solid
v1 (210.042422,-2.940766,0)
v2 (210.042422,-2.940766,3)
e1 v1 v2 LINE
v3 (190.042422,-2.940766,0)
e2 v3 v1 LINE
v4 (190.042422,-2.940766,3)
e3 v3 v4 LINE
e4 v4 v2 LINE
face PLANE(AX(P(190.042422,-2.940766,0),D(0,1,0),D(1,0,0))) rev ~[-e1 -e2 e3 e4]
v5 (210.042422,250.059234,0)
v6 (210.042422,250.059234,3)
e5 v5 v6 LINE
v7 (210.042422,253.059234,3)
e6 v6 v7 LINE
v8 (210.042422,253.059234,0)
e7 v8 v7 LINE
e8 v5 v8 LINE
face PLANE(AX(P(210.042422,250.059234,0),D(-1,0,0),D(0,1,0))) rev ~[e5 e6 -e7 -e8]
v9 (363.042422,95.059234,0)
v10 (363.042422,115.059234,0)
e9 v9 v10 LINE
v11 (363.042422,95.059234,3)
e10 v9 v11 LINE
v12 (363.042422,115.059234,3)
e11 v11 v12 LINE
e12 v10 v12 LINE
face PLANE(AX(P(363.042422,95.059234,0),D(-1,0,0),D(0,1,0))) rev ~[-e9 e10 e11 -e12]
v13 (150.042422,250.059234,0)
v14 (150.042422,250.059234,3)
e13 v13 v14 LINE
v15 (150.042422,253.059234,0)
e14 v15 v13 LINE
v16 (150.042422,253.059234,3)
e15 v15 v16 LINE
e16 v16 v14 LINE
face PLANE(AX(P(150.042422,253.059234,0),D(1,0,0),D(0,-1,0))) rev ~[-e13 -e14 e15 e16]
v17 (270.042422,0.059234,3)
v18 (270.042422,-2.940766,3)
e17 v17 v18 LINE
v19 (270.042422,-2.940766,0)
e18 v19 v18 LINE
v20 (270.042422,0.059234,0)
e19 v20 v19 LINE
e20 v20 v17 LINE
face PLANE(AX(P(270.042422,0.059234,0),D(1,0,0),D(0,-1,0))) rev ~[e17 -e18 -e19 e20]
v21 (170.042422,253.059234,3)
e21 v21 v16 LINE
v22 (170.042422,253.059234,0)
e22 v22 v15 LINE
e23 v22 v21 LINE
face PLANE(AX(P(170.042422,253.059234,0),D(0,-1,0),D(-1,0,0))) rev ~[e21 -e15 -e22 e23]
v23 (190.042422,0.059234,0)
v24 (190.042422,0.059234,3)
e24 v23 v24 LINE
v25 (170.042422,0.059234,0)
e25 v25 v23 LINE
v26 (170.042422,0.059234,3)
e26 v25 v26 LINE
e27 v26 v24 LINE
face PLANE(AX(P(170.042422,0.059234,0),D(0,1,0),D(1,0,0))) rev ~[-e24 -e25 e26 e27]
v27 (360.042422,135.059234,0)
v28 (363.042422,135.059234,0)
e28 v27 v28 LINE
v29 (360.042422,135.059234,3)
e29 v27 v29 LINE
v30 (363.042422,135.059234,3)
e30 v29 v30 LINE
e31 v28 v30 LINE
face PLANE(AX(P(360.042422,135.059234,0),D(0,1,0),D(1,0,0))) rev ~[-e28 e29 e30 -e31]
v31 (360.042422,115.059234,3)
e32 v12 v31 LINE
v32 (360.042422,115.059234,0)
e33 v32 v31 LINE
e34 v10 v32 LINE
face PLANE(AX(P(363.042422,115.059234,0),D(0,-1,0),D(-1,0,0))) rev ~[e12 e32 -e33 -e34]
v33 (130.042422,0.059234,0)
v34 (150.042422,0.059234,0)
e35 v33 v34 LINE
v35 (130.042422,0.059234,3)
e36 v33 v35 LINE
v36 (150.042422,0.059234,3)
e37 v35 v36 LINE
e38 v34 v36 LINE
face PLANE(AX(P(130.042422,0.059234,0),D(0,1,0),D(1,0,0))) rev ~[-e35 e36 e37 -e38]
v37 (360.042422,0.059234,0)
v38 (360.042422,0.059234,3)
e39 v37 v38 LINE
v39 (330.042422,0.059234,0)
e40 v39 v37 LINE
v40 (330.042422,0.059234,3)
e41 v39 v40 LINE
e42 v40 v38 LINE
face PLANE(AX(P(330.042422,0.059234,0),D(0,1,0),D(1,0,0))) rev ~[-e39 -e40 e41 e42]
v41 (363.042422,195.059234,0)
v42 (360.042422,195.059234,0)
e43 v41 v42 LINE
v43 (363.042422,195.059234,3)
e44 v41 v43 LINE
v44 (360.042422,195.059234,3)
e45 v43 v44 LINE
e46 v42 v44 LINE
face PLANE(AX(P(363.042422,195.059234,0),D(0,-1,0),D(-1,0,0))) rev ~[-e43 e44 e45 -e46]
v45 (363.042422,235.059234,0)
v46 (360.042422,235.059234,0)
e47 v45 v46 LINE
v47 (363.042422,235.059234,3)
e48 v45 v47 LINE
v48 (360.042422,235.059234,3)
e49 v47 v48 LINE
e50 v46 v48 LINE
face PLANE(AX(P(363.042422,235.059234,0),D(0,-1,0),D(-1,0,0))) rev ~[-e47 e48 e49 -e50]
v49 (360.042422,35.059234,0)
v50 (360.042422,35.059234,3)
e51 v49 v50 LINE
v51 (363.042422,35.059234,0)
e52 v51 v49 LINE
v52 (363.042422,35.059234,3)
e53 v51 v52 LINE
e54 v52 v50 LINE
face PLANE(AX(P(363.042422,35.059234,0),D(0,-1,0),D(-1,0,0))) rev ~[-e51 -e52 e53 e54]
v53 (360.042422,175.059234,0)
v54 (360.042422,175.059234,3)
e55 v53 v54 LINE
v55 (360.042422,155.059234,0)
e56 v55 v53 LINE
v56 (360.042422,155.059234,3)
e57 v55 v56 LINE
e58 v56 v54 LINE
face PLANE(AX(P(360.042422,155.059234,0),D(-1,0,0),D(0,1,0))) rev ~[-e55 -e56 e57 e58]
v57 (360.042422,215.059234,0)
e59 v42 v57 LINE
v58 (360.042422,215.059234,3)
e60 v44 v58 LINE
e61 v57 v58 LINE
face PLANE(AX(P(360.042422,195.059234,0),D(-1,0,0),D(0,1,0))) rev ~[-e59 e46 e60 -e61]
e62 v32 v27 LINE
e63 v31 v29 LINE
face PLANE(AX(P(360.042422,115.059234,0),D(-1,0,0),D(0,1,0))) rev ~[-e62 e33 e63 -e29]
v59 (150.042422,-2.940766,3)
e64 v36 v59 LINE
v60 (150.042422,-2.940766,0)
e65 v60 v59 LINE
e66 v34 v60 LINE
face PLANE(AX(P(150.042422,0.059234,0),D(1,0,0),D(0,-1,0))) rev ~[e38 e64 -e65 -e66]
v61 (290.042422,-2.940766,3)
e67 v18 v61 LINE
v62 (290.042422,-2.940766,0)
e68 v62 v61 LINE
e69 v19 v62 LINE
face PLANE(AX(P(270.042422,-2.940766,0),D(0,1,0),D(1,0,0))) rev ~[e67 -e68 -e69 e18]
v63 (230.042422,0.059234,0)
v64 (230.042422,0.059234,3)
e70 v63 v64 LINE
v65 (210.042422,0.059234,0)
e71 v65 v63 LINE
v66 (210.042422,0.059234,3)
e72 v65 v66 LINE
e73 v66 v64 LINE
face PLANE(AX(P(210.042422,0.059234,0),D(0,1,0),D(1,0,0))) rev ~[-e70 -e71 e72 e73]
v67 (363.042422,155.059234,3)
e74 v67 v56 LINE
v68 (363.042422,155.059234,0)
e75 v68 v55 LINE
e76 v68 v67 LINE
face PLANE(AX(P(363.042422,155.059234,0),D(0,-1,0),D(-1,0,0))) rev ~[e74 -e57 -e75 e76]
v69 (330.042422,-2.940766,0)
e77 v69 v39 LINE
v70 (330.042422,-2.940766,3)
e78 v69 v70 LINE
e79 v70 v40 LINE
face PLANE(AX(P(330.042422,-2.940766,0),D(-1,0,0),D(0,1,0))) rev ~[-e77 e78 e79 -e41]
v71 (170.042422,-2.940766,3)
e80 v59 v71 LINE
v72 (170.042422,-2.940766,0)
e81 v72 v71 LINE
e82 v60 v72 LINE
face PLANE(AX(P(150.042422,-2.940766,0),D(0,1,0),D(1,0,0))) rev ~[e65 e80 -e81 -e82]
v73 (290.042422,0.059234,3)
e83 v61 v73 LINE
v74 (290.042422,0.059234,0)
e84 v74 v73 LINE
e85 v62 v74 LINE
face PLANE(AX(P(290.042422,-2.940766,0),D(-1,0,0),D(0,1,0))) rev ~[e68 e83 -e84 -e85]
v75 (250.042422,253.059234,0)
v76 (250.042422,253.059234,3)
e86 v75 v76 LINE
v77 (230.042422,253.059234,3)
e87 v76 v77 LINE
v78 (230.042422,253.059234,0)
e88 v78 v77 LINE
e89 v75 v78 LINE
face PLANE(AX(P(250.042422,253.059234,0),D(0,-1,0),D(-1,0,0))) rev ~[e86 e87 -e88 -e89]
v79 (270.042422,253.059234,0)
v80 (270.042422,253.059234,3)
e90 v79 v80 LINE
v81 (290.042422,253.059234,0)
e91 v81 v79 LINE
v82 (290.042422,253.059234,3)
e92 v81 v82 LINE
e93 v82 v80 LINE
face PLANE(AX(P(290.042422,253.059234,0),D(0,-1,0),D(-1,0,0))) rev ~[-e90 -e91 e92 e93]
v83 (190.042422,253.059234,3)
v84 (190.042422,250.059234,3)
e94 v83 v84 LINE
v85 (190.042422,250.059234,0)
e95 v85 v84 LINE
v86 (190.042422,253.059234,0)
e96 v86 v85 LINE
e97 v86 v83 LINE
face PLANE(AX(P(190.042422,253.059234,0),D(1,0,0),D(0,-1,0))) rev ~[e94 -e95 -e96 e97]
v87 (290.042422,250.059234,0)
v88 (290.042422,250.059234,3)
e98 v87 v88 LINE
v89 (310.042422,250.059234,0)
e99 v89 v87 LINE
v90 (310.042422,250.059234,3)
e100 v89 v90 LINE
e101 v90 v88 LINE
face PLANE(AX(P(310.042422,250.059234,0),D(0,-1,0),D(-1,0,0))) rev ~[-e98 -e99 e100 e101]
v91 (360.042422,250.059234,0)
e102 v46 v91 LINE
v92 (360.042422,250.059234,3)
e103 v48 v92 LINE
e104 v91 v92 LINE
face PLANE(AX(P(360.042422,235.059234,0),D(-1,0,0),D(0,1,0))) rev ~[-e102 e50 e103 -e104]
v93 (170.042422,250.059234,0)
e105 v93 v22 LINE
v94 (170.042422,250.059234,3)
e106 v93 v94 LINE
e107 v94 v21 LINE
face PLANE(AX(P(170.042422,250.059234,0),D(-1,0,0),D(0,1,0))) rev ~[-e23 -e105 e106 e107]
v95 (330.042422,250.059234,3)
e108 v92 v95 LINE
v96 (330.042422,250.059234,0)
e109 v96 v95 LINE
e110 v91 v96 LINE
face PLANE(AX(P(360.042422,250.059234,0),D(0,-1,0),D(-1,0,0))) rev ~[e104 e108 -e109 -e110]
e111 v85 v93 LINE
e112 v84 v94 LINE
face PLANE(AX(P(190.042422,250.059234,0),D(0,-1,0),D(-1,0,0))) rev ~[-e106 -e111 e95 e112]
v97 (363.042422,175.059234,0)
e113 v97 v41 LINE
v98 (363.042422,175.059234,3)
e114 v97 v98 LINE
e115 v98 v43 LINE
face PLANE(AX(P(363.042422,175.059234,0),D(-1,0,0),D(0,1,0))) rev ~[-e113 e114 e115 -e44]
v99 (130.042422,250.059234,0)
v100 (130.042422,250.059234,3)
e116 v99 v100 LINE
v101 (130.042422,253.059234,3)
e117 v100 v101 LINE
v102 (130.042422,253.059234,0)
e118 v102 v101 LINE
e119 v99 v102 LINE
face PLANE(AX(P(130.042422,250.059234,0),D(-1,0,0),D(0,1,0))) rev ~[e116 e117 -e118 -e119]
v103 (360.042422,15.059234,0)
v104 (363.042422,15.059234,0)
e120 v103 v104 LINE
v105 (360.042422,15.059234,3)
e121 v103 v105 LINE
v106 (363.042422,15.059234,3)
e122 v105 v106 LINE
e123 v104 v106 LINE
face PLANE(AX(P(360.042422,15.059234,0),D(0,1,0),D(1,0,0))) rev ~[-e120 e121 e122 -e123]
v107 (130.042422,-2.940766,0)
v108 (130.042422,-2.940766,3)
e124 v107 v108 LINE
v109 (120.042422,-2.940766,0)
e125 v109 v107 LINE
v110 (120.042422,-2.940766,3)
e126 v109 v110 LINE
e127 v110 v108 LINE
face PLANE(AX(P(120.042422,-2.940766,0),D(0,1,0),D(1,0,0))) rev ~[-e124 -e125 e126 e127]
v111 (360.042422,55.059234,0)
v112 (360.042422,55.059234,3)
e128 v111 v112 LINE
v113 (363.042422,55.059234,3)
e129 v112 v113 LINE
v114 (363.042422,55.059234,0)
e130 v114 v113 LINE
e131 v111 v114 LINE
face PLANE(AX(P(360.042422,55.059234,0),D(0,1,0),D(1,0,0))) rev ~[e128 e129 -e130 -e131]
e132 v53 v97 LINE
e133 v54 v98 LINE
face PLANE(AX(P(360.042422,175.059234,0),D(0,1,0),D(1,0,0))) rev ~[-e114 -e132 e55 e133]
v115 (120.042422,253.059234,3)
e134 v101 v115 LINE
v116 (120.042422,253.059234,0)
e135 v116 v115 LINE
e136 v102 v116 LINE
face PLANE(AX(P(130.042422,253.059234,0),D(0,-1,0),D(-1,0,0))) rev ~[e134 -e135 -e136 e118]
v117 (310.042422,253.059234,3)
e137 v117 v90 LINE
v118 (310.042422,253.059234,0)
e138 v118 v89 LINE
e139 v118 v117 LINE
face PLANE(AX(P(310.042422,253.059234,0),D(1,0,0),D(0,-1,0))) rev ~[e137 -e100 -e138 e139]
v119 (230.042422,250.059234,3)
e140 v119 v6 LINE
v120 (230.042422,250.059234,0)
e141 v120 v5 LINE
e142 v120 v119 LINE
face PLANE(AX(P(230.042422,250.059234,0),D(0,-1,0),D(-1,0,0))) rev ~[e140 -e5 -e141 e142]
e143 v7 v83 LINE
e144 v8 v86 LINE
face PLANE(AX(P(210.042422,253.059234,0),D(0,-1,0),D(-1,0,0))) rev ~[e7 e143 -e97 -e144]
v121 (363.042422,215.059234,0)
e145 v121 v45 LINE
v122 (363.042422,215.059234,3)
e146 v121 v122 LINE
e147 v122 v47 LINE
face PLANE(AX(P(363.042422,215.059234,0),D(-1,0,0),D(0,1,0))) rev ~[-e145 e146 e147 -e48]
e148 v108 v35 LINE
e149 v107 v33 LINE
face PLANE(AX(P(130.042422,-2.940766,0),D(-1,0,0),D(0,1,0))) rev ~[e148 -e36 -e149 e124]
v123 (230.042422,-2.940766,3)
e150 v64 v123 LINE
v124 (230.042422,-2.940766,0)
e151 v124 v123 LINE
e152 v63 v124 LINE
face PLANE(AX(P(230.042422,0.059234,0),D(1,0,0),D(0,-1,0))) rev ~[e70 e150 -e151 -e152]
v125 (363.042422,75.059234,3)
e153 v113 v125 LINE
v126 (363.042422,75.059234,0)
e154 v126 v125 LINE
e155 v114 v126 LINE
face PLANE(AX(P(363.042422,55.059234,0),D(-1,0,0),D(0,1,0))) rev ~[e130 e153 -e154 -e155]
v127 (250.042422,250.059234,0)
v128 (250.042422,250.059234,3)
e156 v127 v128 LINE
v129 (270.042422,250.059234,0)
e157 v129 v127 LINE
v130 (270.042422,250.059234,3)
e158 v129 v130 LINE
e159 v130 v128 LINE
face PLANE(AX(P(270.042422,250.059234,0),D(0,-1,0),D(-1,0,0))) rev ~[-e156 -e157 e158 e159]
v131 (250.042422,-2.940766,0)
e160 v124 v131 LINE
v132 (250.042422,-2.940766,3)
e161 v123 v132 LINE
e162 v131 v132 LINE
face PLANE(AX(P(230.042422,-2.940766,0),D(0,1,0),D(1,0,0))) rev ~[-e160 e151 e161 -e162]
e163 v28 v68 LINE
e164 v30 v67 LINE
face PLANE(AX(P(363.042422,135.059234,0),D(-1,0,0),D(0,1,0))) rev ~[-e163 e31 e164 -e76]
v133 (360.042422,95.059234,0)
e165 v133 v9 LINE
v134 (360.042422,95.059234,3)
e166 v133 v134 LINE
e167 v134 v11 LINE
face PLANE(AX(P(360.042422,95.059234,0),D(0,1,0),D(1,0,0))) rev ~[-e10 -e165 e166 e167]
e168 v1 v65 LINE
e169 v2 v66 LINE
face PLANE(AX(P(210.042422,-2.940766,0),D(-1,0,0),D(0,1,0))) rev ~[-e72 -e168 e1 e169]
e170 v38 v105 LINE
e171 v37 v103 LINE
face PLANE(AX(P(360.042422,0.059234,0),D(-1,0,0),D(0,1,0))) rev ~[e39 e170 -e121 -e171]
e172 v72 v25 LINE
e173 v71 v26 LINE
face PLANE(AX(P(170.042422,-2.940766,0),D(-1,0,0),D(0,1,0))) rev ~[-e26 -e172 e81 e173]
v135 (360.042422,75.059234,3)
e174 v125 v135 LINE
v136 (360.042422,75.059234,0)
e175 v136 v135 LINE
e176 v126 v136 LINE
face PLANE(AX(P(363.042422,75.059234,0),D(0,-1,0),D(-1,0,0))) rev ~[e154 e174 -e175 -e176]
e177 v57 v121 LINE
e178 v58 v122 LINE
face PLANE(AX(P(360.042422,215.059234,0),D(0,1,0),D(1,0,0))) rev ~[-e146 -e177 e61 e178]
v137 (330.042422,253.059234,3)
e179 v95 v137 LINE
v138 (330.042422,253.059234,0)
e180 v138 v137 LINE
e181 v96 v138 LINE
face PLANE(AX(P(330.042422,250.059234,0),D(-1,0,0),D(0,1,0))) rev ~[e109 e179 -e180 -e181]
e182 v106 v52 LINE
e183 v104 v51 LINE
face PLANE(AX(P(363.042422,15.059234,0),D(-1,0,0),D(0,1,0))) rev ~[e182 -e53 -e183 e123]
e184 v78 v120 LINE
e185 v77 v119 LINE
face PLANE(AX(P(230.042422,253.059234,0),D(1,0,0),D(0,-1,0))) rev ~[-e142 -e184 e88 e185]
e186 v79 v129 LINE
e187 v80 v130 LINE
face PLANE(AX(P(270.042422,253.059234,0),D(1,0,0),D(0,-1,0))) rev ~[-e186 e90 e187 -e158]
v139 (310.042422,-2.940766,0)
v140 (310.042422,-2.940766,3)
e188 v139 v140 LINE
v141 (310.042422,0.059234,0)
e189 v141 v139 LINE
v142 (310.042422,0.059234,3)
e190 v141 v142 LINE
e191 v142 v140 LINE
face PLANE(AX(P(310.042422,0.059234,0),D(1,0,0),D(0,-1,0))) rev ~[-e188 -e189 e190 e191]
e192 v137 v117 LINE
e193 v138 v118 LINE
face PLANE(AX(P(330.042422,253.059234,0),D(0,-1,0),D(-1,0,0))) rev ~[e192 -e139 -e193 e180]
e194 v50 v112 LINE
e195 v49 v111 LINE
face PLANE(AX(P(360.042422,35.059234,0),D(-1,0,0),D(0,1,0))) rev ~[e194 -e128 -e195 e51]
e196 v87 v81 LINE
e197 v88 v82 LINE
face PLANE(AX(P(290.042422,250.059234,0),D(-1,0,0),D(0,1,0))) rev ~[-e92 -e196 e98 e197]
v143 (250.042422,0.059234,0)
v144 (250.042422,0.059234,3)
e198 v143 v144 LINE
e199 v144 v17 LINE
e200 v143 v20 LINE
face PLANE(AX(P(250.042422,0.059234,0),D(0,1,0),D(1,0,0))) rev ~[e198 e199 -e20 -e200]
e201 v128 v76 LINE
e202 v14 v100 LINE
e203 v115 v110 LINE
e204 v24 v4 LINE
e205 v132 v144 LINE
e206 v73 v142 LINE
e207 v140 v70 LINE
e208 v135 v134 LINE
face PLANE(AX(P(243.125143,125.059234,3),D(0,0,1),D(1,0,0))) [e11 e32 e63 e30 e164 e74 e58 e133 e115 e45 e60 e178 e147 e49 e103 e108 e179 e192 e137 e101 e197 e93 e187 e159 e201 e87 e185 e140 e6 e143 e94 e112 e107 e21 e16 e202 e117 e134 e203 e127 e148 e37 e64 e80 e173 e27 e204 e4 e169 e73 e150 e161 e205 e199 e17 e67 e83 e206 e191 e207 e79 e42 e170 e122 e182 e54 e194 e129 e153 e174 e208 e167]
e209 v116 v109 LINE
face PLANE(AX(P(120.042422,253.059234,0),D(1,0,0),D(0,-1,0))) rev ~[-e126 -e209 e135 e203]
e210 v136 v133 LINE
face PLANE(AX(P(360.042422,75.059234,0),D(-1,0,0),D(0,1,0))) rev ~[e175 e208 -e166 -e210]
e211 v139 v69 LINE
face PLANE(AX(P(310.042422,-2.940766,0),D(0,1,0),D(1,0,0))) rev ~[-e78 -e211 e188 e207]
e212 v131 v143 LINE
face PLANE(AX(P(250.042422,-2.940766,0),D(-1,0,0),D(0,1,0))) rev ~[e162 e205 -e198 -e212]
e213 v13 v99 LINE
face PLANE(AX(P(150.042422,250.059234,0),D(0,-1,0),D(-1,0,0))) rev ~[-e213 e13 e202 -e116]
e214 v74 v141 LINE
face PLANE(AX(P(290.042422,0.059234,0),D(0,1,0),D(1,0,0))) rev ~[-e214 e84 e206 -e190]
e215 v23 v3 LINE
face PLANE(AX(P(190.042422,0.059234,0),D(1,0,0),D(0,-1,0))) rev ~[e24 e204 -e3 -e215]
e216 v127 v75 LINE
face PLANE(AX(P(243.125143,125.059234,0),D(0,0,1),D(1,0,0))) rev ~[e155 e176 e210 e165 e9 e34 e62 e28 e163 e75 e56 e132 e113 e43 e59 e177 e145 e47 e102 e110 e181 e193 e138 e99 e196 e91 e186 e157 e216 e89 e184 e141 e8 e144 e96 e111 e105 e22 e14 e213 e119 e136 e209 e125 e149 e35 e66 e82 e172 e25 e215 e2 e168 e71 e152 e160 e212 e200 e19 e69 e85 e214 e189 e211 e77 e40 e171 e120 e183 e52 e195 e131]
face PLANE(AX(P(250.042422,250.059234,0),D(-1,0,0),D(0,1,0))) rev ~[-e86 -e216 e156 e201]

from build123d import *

# Parameters (mm, degrees)
BOSS_EXTRUDE1_DEPTH = 3


with BuildPart() as part:
    # Sketch2 → Boss-Extrude1 (new body)
    with BuildSketch(Plane.XY):
        Polygon((130.042422159, 250.05923357), (130.042422159, 253.05923357), (120.042422159, 253.05923357), (120.042422159, -2.94076643), (130.042422159, -2.94076643), (130.042422159, 0.05923357), (150.042422159, 0.05923357), (150.042422159, -2.94076643), (170.042422159, -2.94076643), (170.042422159, 0.05923357), (190.042422159, 0.05923357), (190.042422159, -2.94076643), (210.042422159, -2.94076643), (210.042422159, 0.05923357), (230.042422159, 0.05923357), (230.042422159, -2.94076643), (250.042422159, -2.94076643), (250.042422159, 0.05923357), (270.042422159, 0.05923357), (270.042422159, -2.94076643), (290.042422159, -2.94076643), (290.042422159, 0.05923357), (310.042422159, 0.05923357), (310.042422159, -2.94076643), (330.042422159, -2.94076643), (330.042422159, 0.05923357), (360.042422159, 0.05923357), (360.042422159, 15.05923357), (363.042422159, 15.05923357), (363.042422159, 35.05923357), (360.042422159, 35.05923357), (360.042422159, 55.05923357), (363.042422159, 55.05923357), (363.042422159, 75.05923357), (360.042422159, 75.05923357), (360.042422159, 95.05923357), (363.042422159, 95.05923357), (363.042422159, 115.05923357), (360.042422159, 115.05923357), (360.042422159, 135.05923357), (363.042422159, 135.05923357), (363.042422159, 155.05923357), (360.042422159, 155.05923357), (360.042422159, 175.05923357), (363.042422159, 175.05923357), (363.042422159, 195.05923357), (360.042422159, 195.05923357), (360.042422159, 215.05923357), (363.042422159, 215.05923357), (363.042422159, 235.05923357), (360.042422159, 235.05923357), (360.042422159, 250.05923357), (330.042422159, 250.05923357), (330.042422159, 253.05923357), (310.042422159, 253.05923357), (310.042422159, 250.05923357), (290.042422159, 250.05923357), (290.042422159, 253.05923357), (270.042422159, 253.05923357), (270.042422159, 250.05923357), (250.042422159, 250.05923357), (250.042422159, 253.05923357), (230.042422159, 253.05923357), (230.042422159, 250.05923357), (210.042422159, 250.05923357), (210.042422159, 253.05923357), (190.042422159, 253.05923357), (190.042422159, 250.05923357), (170.042422159, 250.05923357), (170.042422159, 253.05923357), (150.042422159, 253.05923357), (150.042422159, 250.05923357), align=None)
    extrude(amount=BOSS_EXTRUDE1_DEPTH)


solid = part.part
